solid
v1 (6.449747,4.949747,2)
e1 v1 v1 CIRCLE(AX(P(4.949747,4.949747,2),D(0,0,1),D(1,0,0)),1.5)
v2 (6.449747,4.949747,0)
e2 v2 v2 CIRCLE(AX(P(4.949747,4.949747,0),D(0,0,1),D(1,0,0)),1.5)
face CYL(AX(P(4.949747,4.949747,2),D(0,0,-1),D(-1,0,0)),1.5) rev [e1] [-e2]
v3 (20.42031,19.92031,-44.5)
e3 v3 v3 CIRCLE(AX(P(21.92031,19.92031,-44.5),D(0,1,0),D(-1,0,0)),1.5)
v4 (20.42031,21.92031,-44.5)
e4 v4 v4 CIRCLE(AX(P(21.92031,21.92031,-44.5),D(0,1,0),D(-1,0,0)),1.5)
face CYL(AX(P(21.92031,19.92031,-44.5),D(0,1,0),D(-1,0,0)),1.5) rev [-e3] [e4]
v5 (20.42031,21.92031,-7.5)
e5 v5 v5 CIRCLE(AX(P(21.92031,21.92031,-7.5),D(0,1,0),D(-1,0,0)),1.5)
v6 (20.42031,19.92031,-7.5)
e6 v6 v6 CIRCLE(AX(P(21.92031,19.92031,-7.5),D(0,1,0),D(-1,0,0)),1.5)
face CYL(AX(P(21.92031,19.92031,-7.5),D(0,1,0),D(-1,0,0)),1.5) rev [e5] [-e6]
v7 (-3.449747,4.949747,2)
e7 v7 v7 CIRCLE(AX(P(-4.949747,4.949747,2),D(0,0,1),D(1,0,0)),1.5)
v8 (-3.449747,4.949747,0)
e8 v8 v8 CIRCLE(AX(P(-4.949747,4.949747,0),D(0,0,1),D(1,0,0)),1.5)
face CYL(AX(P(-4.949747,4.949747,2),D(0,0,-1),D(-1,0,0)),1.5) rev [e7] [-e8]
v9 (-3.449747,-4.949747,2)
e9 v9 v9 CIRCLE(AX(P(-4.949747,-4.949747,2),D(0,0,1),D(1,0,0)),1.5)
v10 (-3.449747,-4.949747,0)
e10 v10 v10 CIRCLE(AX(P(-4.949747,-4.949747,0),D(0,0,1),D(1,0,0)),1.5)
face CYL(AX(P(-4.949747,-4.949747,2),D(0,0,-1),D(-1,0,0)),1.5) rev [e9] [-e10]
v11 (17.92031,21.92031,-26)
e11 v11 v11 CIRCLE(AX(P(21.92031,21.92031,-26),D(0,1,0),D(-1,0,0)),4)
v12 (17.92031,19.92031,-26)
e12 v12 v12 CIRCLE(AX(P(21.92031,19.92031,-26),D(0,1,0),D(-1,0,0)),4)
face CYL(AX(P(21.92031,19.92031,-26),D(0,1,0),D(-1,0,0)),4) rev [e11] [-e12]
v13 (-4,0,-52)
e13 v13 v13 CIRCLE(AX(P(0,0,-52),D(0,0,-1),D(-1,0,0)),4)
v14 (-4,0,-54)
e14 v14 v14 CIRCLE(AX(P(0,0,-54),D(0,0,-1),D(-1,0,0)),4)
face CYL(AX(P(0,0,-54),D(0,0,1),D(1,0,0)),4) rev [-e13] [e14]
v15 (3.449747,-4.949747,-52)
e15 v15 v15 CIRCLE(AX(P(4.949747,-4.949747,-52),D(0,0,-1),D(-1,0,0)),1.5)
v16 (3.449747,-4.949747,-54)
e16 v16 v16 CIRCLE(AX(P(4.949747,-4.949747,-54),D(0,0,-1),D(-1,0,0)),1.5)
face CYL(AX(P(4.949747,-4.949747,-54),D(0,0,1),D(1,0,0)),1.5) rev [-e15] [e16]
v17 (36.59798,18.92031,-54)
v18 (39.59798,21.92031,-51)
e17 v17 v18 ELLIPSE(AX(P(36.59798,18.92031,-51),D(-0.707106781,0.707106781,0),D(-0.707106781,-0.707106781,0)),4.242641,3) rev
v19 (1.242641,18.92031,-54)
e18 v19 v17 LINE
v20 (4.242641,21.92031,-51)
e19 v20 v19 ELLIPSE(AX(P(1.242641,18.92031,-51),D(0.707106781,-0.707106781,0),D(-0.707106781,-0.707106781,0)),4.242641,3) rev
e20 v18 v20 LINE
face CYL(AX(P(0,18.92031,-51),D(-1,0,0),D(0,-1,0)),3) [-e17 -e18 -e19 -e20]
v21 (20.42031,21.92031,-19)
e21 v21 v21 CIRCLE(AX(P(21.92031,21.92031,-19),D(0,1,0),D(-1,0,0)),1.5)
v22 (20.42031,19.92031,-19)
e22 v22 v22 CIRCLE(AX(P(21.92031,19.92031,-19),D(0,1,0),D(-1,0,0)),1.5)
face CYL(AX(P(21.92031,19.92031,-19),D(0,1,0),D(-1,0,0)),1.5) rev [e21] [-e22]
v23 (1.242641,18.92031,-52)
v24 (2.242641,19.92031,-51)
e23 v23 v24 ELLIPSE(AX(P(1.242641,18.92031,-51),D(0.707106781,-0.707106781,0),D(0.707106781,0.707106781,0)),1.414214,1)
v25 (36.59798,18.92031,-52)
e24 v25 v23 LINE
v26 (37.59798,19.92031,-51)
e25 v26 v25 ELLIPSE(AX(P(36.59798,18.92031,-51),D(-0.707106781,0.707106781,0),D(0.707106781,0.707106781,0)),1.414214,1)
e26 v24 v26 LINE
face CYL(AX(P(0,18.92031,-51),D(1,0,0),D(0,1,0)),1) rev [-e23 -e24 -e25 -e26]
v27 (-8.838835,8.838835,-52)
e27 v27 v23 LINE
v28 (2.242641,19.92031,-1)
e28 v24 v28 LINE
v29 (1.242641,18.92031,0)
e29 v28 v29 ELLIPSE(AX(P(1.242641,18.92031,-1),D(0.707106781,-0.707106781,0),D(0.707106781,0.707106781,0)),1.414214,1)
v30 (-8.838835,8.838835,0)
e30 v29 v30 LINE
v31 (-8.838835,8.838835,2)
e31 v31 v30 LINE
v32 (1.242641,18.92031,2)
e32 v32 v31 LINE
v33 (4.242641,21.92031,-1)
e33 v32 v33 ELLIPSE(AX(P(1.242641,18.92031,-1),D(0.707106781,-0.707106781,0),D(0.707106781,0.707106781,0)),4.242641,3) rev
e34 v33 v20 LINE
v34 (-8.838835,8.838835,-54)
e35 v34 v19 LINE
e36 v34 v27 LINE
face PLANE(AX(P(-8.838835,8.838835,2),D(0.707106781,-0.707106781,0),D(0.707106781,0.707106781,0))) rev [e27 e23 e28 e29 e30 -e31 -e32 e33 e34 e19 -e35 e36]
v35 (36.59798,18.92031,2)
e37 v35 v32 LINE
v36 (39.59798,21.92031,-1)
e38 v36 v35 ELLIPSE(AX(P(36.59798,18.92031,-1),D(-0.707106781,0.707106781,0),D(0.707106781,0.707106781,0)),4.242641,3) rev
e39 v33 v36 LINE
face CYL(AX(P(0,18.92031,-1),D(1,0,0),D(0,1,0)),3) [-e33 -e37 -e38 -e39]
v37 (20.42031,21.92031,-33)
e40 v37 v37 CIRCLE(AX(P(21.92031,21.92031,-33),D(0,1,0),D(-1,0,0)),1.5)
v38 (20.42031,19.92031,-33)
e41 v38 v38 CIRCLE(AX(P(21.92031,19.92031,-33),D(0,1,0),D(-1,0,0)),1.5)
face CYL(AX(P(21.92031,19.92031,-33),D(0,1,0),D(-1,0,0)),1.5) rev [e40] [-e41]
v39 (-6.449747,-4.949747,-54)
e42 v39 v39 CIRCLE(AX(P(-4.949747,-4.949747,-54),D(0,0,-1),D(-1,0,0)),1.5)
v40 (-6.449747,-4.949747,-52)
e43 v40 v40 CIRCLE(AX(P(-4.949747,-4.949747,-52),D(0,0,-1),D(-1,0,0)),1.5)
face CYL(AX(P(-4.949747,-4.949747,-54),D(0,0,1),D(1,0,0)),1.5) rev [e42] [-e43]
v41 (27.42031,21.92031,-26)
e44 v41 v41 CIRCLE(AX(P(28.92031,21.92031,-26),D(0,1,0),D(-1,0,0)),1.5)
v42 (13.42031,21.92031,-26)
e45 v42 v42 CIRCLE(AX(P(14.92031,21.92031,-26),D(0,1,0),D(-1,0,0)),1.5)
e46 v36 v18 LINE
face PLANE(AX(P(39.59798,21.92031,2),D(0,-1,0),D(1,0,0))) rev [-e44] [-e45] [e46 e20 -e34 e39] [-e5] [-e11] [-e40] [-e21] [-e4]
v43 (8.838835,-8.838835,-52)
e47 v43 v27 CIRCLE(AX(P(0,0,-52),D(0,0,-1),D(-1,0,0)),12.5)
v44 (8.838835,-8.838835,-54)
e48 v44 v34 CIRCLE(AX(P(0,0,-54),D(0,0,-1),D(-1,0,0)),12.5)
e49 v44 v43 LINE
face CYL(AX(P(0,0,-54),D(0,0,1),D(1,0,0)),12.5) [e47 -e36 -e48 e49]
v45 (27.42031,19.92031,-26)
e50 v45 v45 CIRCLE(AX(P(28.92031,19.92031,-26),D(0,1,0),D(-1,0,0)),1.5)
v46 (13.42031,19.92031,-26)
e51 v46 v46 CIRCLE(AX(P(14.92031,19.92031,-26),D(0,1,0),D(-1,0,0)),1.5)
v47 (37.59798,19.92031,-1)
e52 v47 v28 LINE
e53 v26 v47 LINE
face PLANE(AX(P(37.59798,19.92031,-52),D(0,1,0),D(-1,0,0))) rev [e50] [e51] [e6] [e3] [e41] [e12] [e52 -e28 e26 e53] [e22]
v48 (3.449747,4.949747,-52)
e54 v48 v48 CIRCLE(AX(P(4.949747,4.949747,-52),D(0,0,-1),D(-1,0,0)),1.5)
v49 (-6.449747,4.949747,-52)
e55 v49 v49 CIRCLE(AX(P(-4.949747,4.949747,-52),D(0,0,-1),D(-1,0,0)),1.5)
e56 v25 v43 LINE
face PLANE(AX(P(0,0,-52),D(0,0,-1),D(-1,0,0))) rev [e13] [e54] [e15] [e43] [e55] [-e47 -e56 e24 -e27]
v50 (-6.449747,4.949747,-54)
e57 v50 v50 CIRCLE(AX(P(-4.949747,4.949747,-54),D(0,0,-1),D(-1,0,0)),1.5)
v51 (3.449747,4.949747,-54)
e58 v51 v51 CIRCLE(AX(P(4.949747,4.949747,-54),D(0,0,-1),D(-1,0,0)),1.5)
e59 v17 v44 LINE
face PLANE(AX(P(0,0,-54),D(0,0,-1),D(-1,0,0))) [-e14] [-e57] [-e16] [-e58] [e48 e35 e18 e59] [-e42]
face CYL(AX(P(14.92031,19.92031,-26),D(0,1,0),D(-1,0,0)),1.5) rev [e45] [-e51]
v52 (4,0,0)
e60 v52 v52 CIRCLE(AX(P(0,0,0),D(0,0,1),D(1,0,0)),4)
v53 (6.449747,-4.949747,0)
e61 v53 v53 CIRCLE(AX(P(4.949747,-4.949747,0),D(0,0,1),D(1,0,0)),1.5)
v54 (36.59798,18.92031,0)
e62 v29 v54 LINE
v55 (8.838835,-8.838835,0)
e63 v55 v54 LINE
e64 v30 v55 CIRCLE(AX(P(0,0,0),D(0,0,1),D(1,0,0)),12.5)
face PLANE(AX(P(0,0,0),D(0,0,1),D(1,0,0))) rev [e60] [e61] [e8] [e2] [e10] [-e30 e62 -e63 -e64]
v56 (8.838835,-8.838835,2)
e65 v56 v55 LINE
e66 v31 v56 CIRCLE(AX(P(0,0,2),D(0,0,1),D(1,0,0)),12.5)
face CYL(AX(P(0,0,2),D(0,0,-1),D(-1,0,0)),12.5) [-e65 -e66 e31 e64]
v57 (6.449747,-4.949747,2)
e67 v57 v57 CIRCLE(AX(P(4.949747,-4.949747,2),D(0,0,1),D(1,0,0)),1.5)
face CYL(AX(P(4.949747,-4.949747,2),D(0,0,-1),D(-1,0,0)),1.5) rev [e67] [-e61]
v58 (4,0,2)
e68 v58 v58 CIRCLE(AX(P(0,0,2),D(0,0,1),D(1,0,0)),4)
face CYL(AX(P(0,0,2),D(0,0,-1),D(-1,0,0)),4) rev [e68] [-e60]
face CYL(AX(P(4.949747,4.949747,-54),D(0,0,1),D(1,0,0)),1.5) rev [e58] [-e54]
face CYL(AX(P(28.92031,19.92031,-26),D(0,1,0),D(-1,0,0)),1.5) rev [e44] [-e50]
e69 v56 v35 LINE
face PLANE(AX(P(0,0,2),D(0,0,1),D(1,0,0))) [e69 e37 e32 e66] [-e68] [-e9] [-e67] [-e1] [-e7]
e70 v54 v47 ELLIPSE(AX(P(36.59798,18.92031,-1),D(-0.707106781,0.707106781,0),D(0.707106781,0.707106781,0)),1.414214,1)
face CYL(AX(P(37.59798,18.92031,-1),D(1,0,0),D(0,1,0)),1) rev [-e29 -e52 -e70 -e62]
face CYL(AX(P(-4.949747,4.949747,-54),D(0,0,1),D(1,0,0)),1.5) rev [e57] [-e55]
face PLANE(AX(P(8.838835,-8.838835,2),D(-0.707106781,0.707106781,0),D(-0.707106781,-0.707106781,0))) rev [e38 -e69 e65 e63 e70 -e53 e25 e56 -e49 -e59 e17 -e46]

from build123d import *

# Parameters (mm, degrees)
SKETCH_1_R          = 4
SKETCH_1_R_2        = 1.5
EXTRUDE_1_DEPTH     = 2
EXTRUDE_2_DEPTH     = 52
EXTRUDE_START       = 2
SKETCH_3_R          = 4
SKETCH_3_R_2        = 1.5
EXTRUDE_3_DEPTH     = 2
FILLET_1_R          = 3
FILLET_2_R          = 1
SKETCH_4_R          = 4
SKETCH_4_R_2        = 1.5
CUT_EXTRUDE_1_DEPTH = 2
SKETCH_5_R          = 1.5
CUT_EXTRUDE_2_DEPTH = 2


with BuildPart() as part:
    # 草图1 → 凸台-拉伸1 (new body)
    with BuildSketch(Plane.XY):
        with BuildLine():
            Line((8.838834765, -8.838834765), (39.597979746, 21.920310217))
            Line((39.597979746, 21.920310217), (4.242640687, 21.920310217))
            Line((4.242640687, 21.920310217), (-8.838834765, 8.838834765))
            ThreePointArc((-8.838834765, 8.838834765), (-8.838834765, -8.838834765), (8.838834765, -8.838834765))
        make_face()
        Circle(SKETCH_1_R, mode=Mode.SUBTRACT)
        with Locations((4.949747468, -4.949747468)):
            Circle(SKETCH_1_R_2, mode=Mode.SUBTRACT)
        with Locations((-4.949747468, -4.949747468)):
            Circle(SKETCH_1_R_2, mode=Mode.SUBTRACT)
        with Locations((-4.949747468, 4.949747468)):
            Circle(SKETCH_1_R_2, mode=Mode.SUBTRACT)
        with Locations((4.949747468, 4.949747468)):
            Circle(SKETCH_1_R_2, mode=Mode.SUBTRACT)
    extrude(amount=EXTRUDE_1_DEPTH)

    # 草图2 → 凸台-拉伸2 (add)
    with BuildSketch(Plane(origin=(0, 0, 0), x_dir=(-1, 0, 0), z_dir=(0, 0, -1))):
        Polygon((-39.597979746, 21.920310217), (-4.242640687, 21.920310217), (-2.242640687, 19.920310217), (-37.597979746, 19.920310217), align=None)
    extrude(amount=EXTRUDE_2_DEPTH)

    # 草图3 → 凸台-拉伸3 (add)
    with BuildSketch(Plane(origin=(0, 0, -52), x_dir=(-1, 0, 0), z_dir=(0, 0, -1)).offset(EXTRUDE_START)):
        with BuildLine():
            Line((-2.242640687, 19.920310217), (-4.242640687, 21.920310217))
            Line((-4.242640687, 21.920310217), (-39.597979746, 21.920310217))
            Line((-39.597979746, 21.920310217), (-37.597979746, 19.920310217))
            Line((-37.597979746, 19.920310217), (-8.838834765, -8.838834765))
            ThreePointArc((-8.838834765, -8.838834765), (8.838834765, -8.838834765), (8.838834765, 8.838834765))
            Line((8.838834765, 8.838834765), (-2.242640687, 19.920310217))
        make_face()
        with Locations(Location((0, 0, 0), (0, 0, 180))):
            Circle(SKETCH_3_R, mode=Mode.SUBTRACT)
        with Locations(Location((-4.949747468, -4.949747468, 0), (0, 0, 180))):
            Circle(SKETCH_3_R_2, mode=Mode.SUBTRACT)
        with Locations(Location((-4.949747468, 4.949747468, 0), (0, 0, 180))):
            Circle(SKETCH_3_R_2, mode=Mode.SUBTRACT)
        with Locations(Location((4.949747468, 4.949747468, 0), (0, 0, 180))):
            Circle(SKETCH_3_R_2, mode=Mode.SUBTRACT)
        with Locations(Location((4.949747468, -4.949747468, 0), (0, 0, 180))):
            Circle(SKETCH_3_R_2, mode=Mode.SUBTRACT)
    extrude(amount=-EXTRUDE_3_DEPTH)

    # 圆角1
    fillet_1_edges = [part.edges().sort_by_distance(p)[0] for p in [
        (21.920310217, 21.920310217, -54),
        (21.920310217, 21.920310217, 2),
    ]]
    fillet(fillet_1_edges, radius=FILLET_1_R)

    # 圆角2
    fillet_2_edges = [part.edges().sort_by_distance(p)[0] for p in [
        (19.920310217, 19.920310217, 0),
        (19.920310217, 19.920310217, -52),
    ]]
    fillet(fillet_2_edges, radius=FILLET_2_R)

    # 草图4 → 切除-拉伸1 (cut)
    with BuildSketch(Plane(origin=(0, 21.920310217, 0), x_dir=(1, 0, 0), z_dir=(0, 1, 0))):
        with Locations(Location((21.920310217, 26, 0), (0, 0, 180))):
            Circle(SKETCH_4_R)
        with Locations(Location((14.920310217, 26, 0), (0, 0, 180))):
            Circle(SKETCH_4_R_2)
        with Locations(Location((21.920310217, 33, 0), (0, 0, 180))):
            Circle(SKETCH_4_R_2)
        with Locations(Location((28.920310217, 26, 0), (0, 0, 180))):
            Circle(SKETCH_4_R_2)
        with Locations(Location((21.920310217, 19, 0), (0, 0, 180))):
            Circle(SKETCH_4_R_2)
    extrude(amount=-CUT_EXTRUDE_1_DEPTH, mode=Mode.SUBTRACT)

    # 草图5 → 切除-拉伸2 (cut)
    with BuildSketch(Plane(origin=(0, 21.920310217, 0), x_dir=(1, 0, 0), z_dir=(0, 1, 0))):
        with Locations(Location((21.920310217, 44.5, 0), (0, 0, 180))):
            Circle(SKETCH_5_R)
        with Locations(Location((21.920310217, 7.5, 0), (0, 0, 180))):
            Circle(SKETCH_5_R)
    extrude(amount=-CUT_EXTRUDE_2_DEPTH, mode=Mode.SUBTRACT)


solid = part.part
